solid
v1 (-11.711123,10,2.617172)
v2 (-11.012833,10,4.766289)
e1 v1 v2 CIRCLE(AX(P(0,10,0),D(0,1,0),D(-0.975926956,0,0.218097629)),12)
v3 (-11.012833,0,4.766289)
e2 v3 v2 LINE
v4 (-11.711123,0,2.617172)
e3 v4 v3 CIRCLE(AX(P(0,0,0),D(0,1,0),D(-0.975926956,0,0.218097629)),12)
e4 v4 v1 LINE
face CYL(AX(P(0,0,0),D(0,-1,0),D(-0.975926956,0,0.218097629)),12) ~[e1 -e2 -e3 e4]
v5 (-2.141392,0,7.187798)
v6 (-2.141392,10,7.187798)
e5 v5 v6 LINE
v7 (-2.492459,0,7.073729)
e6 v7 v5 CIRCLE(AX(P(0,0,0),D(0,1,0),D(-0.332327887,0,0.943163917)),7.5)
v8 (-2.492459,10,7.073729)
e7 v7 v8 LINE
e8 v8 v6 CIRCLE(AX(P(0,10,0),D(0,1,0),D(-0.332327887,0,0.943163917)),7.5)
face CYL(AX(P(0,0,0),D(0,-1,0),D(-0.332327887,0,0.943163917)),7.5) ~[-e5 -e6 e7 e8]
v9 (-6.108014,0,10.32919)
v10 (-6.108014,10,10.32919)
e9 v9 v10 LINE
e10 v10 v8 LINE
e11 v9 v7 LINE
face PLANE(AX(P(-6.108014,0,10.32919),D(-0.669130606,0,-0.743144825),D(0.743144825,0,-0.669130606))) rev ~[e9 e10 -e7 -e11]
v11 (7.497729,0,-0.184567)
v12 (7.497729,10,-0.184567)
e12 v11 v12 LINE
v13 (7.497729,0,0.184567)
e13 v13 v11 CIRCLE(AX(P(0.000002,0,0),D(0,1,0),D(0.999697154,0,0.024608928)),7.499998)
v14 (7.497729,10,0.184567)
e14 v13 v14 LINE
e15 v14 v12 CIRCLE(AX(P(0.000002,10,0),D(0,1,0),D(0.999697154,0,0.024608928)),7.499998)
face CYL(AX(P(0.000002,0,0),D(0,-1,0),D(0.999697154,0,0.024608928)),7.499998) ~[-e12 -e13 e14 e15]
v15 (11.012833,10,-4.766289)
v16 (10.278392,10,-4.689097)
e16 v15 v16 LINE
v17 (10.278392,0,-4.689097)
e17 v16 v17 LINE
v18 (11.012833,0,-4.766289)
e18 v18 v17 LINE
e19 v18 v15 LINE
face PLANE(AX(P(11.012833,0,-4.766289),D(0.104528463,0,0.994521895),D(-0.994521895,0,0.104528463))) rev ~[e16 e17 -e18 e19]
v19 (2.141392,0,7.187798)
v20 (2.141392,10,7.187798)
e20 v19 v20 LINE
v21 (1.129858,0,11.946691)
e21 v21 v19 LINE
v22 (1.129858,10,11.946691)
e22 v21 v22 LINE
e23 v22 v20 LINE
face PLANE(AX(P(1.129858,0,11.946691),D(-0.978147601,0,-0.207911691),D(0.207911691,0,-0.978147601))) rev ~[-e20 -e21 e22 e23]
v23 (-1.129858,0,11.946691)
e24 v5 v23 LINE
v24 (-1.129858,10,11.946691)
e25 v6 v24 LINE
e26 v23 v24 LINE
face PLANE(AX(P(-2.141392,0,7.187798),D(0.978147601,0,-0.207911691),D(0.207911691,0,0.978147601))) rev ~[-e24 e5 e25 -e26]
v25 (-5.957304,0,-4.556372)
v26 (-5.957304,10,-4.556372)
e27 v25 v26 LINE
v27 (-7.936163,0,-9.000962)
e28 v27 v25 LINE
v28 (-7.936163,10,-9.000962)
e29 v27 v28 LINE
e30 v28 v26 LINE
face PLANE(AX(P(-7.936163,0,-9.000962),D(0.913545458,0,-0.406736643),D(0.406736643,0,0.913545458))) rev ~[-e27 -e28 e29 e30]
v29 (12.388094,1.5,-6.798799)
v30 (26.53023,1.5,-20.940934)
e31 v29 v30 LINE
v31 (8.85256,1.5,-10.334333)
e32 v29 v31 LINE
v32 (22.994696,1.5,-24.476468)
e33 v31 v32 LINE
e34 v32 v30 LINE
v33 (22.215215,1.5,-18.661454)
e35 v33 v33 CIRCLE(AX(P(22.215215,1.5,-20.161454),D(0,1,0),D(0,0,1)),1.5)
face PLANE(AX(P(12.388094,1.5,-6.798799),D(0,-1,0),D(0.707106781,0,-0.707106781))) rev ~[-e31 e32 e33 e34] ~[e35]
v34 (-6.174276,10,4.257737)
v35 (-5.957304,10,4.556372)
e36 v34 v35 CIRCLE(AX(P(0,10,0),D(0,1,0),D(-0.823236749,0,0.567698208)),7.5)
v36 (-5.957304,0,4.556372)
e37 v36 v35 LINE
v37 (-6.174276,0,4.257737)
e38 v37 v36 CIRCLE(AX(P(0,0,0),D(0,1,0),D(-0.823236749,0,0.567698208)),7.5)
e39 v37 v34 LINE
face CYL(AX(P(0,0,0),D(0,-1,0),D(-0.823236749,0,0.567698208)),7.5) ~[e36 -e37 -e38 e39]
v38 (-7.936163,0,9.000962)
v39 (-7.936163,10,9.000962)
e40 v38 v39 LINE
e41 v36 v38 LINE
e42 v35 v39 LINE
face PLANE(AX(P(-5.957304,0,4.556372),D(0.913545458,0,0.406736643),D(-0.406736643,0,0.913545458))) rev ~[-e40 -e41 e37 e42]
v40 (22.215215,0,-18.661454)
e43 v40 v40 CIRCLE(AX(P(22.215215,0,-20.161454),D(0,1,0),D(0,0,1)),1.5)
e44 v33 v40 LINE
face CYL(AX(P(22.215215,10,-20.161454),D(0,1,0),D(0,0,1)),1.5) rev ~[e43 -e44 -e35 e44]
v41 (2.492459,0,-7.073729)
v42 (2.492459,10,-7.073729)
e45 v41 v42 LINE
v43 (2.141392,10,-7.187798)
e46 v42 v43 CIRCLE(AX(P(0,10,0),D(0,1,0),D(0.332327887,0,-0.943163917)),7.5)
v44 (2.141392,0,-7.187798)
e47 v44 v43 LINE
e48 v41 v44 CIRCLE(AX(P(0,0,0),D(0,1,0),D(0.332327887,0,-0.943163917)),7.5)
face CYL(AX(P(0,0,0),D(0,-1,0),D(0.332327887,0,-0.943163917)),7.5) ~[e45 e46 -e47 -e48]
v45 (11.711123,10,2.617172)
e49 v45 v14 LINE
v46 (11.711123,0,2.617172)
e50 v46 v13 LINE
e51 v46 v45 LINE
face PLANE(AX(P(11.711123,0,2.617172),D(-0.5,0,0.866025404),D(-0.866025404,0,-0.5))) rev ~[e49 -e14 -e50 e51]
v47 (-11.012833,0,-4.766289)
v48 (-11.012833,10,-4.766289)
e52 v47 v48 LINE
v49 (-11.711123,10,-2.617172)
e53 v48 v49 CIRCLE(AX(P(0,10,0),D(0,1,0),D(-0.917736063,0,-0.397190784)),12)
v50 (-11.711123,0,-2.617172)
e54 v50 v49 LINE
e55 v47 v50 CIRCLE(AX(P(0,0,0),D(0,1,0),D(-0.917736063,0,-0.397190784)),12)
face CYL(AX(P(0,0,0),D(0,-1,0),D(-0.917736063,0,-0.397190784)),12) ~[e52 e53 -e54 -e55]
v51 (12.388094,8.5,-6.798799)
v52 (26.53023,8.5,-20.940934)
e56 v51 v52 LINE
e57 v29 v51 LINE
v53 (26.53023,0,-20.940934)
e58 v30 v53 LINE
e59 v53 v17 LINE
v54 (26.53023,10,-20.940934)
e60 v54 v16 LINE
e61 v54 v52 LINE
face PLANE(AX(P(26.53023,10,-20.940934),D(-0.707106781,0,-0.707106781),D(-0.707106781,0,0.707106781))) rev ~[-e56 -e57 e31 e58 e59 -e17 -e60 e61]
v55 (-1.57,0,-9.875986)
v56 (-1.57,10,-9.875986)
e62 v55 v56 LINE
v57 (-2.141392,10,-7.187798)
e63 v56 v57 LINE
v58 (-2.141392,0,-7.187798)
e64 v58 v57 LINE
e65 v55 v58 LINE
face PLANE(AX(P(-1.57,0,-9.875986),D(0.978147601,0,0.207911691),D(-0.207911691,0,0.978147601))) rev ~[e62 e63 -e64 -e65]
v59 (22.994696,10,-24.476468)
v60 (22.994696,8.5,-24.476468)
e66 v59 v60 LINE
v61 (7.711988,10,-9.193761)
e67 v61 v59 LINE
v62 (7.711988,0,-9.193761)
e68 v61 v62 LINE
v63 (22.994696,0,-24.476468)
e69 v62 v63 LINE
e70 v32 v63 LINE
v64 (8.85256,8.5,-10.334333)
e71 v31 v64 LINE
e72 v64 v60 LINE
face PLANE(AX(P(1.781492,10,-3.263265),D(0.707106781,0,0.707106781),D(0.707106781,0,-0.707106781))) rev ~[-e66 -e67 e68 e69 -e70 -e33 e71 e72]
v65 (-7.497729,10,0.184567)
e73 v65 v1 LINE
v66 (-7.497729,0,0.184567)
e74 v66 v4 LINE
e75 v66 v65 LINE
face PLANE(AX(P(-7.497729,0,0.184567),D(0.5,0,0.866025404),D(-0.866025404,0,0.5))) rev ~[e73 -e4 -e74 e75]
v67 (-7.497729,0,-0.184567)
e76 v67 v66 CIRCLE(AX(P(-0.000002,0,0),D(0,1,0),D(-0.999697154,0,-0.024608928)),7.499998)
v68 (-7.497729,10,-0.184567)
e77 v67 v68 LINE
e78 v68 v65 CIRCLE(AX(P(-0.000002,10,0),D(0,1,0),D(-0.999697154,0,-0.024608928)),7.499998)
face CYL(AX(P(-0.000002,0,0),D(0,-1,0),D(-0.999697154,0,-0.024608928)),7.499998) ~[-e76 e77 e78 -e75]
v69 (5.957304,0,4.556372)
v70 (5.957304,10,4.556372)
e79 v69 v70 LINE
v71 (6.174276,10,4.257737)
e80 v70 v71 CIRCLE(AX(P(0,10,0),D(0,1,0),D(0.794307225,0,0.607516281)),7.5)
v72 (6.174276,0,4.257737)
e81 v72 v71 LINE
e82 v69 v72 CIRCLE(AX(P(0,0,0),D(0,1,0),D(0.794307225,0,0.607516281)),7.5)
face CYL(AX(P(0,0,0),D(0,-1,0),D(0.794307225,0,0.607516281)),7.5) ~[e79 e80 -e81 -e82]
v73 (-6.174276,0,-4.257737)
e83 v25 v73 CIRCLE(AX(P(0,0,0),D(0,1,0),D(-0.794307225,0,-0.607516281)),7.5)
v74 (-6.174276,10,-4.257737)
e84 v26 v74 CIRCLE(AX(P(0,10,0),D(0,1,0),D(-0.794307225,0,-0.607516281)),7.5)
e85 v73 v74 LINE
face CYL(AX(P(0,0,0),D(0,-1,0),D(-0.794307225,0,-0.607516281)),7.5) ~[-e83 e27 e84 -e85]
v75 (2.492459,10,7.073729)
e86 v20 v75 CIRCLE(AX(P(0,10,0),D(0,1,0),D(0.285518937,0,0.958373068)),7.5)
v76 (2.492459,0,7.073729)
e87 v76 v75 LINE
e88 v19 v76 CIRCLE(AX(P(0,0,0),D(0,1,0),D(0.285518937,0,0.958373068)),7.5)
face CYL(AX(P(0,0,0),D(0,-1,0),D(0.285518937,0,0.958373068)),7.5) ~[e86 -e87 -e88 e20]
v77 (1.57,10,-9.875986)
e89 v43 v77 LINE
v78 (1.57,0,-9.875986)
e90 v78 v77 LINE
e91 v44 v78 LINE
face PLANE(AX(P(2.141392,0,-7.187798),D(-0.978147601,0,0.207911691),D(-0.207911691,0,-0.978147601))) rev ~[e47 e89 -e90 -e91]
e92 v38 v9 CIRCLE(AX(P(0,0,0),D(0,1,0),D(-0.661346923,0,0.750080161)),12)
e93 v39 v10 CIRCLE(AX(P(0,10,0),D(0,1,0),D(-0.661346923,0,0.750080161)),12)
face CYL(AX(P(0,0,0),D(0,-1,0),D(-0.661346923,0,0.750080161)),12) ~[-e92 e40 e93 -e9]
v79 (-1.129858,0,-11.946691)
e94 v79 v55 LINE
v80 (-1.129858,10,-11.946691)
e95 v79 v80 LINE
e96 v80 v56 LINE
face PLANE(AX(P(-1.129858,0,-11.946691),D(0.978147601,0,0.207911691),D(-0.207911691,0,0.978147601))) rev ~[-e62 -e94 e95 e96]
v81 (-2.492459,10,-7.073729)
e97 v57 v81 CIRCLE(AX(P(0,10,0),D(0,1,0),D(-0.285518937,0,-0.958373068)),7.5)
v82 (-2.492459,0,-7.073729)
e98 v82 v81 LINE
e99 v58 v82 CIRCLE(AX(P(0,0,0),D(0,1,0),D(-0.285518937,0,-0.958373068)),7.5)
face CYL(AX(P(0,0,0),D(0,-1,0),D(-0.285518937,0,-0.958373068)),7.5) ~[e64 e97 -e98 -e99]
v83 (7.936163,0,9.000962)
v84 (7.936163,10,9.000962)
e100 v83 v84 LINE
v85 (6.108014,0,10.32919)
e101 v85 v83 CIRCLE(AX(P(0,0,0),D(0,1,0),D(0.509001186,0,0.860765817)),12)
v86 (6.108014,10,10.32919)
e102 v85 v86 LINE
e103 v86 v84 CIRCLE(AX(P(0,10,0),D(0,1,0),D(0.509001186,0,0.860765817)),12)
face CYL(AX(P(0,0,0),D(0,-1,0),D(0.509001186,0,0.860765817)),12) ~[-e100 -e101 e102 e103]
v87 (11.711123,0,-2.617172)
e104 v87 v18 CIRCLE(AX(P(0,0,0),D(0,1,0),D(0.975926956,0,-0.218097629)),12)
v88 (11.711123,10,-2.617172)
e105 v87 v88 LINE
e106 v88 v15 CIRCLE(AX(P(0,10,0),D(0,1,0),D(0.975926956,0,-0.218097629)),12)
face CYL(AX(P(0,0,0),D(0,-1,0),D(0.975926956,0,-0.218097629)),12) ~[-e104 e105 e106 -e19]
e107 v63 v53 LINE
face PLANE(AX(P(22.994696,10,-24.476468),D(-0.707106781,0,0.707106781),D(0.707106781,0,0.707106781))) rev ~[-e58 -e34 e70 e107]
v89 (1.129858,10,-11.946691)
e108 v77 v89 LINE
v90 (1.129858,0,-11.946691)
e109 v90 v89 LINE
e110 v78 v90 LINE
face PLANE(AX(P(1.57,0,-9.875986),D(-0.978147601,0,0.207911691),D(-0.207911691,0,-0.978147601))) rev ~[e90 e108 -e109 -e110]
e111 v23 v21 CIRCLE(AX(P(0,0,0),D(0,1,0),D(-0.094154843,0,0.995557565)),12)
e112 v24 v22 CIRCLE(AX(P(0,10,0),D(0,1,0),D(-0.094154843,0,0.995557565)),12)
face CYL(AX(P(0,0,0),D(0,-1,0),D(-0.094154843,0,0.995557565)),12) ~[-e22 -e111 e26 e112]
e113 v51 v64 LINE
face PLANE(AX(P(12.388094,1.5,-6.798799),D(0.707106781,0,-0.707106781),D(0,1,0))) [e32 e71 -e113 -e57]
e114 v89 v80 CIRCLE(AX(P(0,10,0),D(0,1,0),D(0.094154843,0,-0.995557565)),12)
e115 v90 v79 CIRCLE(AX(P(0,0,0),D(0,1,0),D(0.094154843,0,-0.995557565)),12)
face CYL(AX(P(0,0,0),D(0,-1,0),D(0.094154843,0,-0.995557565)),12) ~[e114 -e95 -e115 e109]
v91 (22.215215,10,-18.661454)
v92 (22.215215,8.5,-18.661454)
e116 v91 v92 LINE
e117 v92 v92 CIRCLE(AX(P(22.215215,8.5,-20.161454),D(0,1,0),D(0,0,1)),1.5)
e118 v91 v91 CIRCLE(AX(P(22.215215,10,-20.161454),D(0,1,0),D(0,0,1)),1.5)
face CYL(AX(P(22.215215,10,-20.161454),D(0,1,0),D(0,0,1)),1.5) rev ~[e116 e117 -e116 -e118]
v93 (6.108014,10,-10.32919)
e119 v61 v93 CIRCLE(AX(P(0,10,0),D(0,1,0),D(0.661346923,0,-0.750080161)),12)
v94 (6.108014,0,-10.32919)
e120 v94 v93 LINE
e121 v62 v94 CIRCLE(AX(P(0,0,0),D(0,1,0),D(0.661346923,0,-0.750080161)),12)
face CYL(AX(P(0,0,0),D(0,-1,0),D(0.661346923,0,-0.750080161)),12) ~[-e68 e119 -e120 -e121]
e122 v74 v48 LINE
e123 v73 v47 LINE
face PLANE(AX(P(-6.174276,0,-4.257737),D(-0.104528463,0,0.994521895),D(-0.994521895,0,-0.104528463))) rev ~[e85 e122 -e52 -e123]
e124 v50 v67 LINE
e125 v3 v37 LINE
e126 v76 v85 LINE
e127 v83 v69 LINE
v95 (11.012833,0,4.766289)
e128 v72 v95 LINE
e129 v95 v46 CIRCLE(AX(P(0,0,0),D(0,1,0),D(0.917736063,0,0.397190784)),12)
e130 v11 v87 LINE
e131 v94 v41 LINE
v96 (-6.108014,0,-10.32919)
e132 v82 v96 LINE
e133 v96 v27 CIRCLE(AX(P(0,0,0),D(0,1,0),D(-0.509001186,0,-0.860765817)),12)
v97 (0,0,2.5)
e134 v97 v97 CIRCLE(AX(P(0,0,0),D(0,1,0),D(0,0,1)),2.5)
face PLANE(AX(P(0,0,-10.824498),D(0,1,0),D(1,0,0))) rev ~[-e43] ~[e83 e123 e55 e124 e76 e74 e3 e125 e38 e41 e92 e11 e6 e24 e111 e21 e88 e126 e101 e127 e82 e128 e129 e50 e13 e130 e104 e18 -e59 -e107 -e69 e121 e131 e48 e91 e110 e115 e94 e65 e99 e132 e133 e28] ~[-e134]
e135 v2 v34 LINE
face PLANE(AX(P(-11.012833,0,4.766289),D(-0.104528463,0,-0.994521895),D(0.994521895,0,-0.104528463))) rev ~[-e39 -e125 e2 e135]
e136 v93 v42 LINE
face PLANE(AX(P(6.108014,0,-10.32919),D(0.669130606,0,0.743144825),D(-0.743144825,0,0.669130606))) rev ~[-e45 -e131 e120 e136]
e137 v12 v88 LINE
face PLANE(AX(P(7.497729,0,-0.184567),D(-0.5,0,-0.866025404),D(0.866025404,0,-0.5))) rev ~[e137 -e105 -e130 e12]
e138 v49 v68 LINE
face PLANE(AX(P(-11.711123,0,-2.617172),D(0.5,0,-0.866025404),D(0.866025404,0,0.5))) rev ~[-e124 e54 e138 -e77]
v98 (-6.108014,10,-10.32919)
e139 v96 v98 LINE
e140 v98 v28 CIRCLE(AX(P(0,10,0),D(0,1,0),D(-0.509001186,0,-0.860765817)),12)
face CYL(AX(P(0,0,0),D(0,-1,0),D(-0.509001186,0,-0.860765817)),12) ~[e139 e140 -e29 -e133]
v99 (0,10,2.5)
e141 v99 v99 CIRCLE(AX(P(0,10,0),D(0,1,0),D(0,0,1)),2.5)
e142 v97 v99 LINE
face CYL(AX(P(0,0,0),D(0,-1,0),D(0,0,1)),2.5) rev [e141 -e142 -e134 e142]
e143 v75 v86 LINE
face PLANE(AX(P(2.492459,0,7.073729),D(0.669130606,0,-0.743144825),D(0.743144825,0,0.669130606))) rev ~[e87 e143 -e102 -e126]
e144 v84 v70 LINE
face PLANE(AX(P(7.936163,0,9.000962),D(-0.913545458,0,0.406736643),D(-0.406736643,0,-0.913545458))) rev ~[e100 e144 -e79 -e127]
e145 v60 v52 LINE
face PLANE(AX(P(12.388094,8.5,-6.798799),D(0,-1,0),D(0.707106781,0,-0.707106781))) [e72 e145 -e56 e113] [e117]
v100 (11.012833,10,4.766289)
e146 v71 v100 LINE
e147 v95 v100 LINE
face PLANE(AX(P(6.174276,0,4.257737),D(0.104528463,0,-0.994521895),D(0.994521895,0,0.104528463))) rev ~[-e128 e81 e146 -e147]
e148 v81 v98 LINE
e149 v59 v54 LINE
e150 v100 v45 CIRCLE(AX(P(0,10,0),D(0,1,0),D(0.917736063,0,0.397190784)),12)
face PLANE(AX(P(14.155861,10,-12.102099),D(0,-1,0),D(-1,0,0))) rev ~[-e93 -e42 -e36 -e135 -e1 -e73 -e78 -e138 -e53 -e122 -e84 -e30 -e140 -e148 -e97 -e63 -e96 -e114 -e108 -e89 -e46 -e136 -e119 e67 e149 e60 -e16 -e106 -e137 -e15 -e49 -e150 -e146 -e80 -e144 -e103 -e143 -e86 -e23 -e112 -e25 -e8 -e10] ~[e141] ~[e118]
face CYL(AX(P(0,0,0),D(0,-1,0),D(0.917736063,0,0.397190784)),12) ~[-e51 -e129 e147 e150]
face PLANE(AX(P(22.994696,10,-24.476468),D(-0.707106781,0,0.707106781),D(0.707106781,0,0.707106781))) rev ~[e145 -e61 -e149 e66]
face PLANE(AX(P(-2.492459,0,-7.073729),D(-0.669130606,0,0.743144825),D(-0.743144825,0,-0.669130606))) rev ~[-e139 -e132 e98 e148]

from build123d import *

# Parameters (mm, degrees)
SKETCH1_R           = 2.5
BOSS_EXTRUDE1_DEPTH = 10
BOSS_EXTRUDE2_DEPTH = 10
SKETCH3_R           = 1.5
CUT_EXTRUDE1_DEPTH  = 55
SKETCH4_W           = 40
SKETCH4_H           = 7
CUT_EXTRUDE2_DEPTH  = 10


with BuildPart() as part:
    # Sketch1 → Boss-Extrude1 (new body)
    # profile 1 of 2: a face of its own
    with BuildSketch(Plane(origin=(0, 0, 0), x_dir=(1, 0, 0), z_dir=(0, 1, 0))):
        with BuildLine():
            Line((1.57, 9.875986027), (-1.57, 9.875986027))
            Line((-1.57, 9.875986027), (-2.141392001, 7.187798015))
            ThreePointArc((-2.141392001, 7.187798015), (-2.317627458, 7.132923872), (-2.492459149, 7.073729383))
            Line((-2.492459149, 7.073729383), (-6.108014237, 10.329189807))
            ThreePointArc((-6.108014237, 10.329189807), (-7.053423028, 9.708203932), (-7.936163073, 9.000961931))
            Line((-7.936163073, 9.000961931), (-5.95730419, 4.556372108))
            ThreePointArc((-5.95730419, 4.556372108), (-6.067627458, 4.408389392), (-6.17427562, 4.257736555))
            Line((-6.17427562, 4.257736555), (-11.012832757, 4.766289403))
            ThreePointArc((-11.012832757, 4.766289403), (-11.412678196, 3.708203932), (-11.711123476, 2.617171553))
            Line((-11.711123476, 2.617171553), (-7.497728659, 0.184566922))
            ThreePointArc((-7.497728659, 0.184566922), (-7.5, 0), (-7.497728659, -0.184566922))
            Line((-7.497728659, -0.184566922), (-11.711123476, -2.617171553))
            ThreePointArc((-11.711123476, -2.617171553), (-11.412678196, -3.708203932), (-11.012832757, -4.766289403))
            Line((-11.012832757, -4.766289403), (-6.17427562, -4.257736555))
            ThreePointArc((-6.17427562, -4.257736555), (-6.067627458, -4.408389392), (-5.95730419, -4.556372108))
            Line((-5.95730419, -4.556372108), (-7.936163073, -9.000961931))
            ThreePointArc((-7.936163073, -9.000961931), (-7.053423028, -9.708203932), (-6.108014237, -10.329189807))
            Line((-6.108014237, -10.329189807), (-2.492459149, -7.073729383))
            ThreePointArc((-2.492459149, -7.073729383), (-2.317627458, -7.132923872), (-2.141392001, -7.187798015))
            Line((-2.141392001, -7.187798015), (-1.129858117, -11.946690782))
            ThreePointArc((-1.129858117, -11.946690782), (0, -12), (1.129858117, -11.946690782))
            Line((1.129858117, -11.946690782), (2.141392001, -7.187798015))
            ThreePointArc((2.141392001, -7.187798015), (2.317627458, -7.132923872), (2.492459149, -7.073729383))
            Line((2.492459149, -7.073729383), (6.108014237, -10.329189807))
            ThreePointArc((6.108014237, -10.329189807), (7.053423028, -9.708203932), (7.936163073, -9.000961931))
            Line((7.936163073, -9.000961931), (5.95730419, -4.556372108))
            ThreePointArc((5.95730419, -4.556372108), (6.067627458, -4.408389392), (6.17427562, -4.257736555))
            Line((6.17427562, -4.257736555), (11.012832757, -4.766289403))
            ThreePointArc((11.012832757, -4.766289403), (11.412678196, -3.708203932), (11.711123476, -2.617171553))
            Line((11.711123476, -2.617171553), (7.497728659, -0.184566922))
            ThreePointArc((7.497728659, -0.184566922), (7.5, 0), (7.497728659, 0.184566922))
            Line((7.497728659, 0.184566922), (11.711123476, 2.617171553))
            ThreePointArc((11.711123476, 2.617171553), (11.412678196, 3.708203932), (11.012832757, 4.766289403))
            Line((11.012832757, 4.766289403), (6.17427562, 4.257736555))
            ThreePointArc((6.17427562, 4.257736555), (6.067627458, 4.408389392), (5.95730419, 4.556372108))
            Line((5.95730419, 4.556372108), (7.936163073, 9.000961931))
            ThreePointArc((7.936163073, 9.000961931), (7.053423028, 9.708203932), (6.108014237, 10.329189807))
            Line((6.108014237, 10.329189807), (2.492459149, 7.073729383))
            ThreePointArc((2.492459149, 7.073729383), (2.317627458, 7.132923872), (2.141392001, 7.187798015))
            Line((2.141392001, 7.187798015), (1.57, 9.875986027))
        make_face()
        with Locations(Location((0, 0, 0), (0, 0, 270))):
            Circle(SKETCH1_R, mode=Mode.SUBTRACT)
    # profile 2 of 2: a face of its own
    with BuildSketch(Plane(origin=(0, 0, 0), x_dir=(1, 0, 0), z_dir=(0, 1, 0))):
        with BuildLine():
            Line((-1.129858117, 11.946690782), (-1.57, 9.875986027))
            Line((-1.57, 9.875986027), (1.57, 9.875986027))
            Line((1.57, 9.875986027), (1.129858117, 11.946690782))
            ThreePointArc((1.129858117, 11.946690782), (0, 12), (-1.129858117, 11.946690782))
        make_face()
    extrude(amount=BOSS_EXTRUDE1_DEPTH)

    # Sketch2 → Boss-Extrude2 (add)
    with BuildSketch(Plane(origin=(0, 10, 0), x_dir=(1, 0, 0), z_dir=(0, 1, 0))):
        Polygon((1.781492434, 3.263264717), (22.99469587, 24.476468153), (26.530229776, 20.940934247), (5.31702634, -0.272269189), align=None)
    extrude(amount=-BOSS_EXTRUDE2_DEPTH)

    # Sketch3 → Cut-Extrude1 (cut)
    with BuildSketch(Plane(origin=(0, 10, 0), x_dir=(1, 0, 0), z_dir=(0, 1, 0))):
        with Locations(Location((22.215215239, 20.161453616, 0), (0, 0, 270))):
            Circle(SKETCH3_R)
    extrude(amount=-CUT_EXTRUDE1_DEPTH, mode=Mode.SUBTRACT)

    # Sketch4 → Cut-Extrude2 (cut)
    with BuildSketch(Plane(origin=(2.794647764, 0, 2.794647764), x_dir=(0.7071067811865461, 0, -0.707106781186549), z_dir=(0.707106781186549, 0, 0.7071067811865461))):
        with Locations((33.567181991, 5)):
            Rectangle(SKETCH4_W, SKETCH4_H)
    extrude(amount=-CUT_EXTRUDE2_DEPTH, mode=Mode.SUBTRACT)


solid = part.part
